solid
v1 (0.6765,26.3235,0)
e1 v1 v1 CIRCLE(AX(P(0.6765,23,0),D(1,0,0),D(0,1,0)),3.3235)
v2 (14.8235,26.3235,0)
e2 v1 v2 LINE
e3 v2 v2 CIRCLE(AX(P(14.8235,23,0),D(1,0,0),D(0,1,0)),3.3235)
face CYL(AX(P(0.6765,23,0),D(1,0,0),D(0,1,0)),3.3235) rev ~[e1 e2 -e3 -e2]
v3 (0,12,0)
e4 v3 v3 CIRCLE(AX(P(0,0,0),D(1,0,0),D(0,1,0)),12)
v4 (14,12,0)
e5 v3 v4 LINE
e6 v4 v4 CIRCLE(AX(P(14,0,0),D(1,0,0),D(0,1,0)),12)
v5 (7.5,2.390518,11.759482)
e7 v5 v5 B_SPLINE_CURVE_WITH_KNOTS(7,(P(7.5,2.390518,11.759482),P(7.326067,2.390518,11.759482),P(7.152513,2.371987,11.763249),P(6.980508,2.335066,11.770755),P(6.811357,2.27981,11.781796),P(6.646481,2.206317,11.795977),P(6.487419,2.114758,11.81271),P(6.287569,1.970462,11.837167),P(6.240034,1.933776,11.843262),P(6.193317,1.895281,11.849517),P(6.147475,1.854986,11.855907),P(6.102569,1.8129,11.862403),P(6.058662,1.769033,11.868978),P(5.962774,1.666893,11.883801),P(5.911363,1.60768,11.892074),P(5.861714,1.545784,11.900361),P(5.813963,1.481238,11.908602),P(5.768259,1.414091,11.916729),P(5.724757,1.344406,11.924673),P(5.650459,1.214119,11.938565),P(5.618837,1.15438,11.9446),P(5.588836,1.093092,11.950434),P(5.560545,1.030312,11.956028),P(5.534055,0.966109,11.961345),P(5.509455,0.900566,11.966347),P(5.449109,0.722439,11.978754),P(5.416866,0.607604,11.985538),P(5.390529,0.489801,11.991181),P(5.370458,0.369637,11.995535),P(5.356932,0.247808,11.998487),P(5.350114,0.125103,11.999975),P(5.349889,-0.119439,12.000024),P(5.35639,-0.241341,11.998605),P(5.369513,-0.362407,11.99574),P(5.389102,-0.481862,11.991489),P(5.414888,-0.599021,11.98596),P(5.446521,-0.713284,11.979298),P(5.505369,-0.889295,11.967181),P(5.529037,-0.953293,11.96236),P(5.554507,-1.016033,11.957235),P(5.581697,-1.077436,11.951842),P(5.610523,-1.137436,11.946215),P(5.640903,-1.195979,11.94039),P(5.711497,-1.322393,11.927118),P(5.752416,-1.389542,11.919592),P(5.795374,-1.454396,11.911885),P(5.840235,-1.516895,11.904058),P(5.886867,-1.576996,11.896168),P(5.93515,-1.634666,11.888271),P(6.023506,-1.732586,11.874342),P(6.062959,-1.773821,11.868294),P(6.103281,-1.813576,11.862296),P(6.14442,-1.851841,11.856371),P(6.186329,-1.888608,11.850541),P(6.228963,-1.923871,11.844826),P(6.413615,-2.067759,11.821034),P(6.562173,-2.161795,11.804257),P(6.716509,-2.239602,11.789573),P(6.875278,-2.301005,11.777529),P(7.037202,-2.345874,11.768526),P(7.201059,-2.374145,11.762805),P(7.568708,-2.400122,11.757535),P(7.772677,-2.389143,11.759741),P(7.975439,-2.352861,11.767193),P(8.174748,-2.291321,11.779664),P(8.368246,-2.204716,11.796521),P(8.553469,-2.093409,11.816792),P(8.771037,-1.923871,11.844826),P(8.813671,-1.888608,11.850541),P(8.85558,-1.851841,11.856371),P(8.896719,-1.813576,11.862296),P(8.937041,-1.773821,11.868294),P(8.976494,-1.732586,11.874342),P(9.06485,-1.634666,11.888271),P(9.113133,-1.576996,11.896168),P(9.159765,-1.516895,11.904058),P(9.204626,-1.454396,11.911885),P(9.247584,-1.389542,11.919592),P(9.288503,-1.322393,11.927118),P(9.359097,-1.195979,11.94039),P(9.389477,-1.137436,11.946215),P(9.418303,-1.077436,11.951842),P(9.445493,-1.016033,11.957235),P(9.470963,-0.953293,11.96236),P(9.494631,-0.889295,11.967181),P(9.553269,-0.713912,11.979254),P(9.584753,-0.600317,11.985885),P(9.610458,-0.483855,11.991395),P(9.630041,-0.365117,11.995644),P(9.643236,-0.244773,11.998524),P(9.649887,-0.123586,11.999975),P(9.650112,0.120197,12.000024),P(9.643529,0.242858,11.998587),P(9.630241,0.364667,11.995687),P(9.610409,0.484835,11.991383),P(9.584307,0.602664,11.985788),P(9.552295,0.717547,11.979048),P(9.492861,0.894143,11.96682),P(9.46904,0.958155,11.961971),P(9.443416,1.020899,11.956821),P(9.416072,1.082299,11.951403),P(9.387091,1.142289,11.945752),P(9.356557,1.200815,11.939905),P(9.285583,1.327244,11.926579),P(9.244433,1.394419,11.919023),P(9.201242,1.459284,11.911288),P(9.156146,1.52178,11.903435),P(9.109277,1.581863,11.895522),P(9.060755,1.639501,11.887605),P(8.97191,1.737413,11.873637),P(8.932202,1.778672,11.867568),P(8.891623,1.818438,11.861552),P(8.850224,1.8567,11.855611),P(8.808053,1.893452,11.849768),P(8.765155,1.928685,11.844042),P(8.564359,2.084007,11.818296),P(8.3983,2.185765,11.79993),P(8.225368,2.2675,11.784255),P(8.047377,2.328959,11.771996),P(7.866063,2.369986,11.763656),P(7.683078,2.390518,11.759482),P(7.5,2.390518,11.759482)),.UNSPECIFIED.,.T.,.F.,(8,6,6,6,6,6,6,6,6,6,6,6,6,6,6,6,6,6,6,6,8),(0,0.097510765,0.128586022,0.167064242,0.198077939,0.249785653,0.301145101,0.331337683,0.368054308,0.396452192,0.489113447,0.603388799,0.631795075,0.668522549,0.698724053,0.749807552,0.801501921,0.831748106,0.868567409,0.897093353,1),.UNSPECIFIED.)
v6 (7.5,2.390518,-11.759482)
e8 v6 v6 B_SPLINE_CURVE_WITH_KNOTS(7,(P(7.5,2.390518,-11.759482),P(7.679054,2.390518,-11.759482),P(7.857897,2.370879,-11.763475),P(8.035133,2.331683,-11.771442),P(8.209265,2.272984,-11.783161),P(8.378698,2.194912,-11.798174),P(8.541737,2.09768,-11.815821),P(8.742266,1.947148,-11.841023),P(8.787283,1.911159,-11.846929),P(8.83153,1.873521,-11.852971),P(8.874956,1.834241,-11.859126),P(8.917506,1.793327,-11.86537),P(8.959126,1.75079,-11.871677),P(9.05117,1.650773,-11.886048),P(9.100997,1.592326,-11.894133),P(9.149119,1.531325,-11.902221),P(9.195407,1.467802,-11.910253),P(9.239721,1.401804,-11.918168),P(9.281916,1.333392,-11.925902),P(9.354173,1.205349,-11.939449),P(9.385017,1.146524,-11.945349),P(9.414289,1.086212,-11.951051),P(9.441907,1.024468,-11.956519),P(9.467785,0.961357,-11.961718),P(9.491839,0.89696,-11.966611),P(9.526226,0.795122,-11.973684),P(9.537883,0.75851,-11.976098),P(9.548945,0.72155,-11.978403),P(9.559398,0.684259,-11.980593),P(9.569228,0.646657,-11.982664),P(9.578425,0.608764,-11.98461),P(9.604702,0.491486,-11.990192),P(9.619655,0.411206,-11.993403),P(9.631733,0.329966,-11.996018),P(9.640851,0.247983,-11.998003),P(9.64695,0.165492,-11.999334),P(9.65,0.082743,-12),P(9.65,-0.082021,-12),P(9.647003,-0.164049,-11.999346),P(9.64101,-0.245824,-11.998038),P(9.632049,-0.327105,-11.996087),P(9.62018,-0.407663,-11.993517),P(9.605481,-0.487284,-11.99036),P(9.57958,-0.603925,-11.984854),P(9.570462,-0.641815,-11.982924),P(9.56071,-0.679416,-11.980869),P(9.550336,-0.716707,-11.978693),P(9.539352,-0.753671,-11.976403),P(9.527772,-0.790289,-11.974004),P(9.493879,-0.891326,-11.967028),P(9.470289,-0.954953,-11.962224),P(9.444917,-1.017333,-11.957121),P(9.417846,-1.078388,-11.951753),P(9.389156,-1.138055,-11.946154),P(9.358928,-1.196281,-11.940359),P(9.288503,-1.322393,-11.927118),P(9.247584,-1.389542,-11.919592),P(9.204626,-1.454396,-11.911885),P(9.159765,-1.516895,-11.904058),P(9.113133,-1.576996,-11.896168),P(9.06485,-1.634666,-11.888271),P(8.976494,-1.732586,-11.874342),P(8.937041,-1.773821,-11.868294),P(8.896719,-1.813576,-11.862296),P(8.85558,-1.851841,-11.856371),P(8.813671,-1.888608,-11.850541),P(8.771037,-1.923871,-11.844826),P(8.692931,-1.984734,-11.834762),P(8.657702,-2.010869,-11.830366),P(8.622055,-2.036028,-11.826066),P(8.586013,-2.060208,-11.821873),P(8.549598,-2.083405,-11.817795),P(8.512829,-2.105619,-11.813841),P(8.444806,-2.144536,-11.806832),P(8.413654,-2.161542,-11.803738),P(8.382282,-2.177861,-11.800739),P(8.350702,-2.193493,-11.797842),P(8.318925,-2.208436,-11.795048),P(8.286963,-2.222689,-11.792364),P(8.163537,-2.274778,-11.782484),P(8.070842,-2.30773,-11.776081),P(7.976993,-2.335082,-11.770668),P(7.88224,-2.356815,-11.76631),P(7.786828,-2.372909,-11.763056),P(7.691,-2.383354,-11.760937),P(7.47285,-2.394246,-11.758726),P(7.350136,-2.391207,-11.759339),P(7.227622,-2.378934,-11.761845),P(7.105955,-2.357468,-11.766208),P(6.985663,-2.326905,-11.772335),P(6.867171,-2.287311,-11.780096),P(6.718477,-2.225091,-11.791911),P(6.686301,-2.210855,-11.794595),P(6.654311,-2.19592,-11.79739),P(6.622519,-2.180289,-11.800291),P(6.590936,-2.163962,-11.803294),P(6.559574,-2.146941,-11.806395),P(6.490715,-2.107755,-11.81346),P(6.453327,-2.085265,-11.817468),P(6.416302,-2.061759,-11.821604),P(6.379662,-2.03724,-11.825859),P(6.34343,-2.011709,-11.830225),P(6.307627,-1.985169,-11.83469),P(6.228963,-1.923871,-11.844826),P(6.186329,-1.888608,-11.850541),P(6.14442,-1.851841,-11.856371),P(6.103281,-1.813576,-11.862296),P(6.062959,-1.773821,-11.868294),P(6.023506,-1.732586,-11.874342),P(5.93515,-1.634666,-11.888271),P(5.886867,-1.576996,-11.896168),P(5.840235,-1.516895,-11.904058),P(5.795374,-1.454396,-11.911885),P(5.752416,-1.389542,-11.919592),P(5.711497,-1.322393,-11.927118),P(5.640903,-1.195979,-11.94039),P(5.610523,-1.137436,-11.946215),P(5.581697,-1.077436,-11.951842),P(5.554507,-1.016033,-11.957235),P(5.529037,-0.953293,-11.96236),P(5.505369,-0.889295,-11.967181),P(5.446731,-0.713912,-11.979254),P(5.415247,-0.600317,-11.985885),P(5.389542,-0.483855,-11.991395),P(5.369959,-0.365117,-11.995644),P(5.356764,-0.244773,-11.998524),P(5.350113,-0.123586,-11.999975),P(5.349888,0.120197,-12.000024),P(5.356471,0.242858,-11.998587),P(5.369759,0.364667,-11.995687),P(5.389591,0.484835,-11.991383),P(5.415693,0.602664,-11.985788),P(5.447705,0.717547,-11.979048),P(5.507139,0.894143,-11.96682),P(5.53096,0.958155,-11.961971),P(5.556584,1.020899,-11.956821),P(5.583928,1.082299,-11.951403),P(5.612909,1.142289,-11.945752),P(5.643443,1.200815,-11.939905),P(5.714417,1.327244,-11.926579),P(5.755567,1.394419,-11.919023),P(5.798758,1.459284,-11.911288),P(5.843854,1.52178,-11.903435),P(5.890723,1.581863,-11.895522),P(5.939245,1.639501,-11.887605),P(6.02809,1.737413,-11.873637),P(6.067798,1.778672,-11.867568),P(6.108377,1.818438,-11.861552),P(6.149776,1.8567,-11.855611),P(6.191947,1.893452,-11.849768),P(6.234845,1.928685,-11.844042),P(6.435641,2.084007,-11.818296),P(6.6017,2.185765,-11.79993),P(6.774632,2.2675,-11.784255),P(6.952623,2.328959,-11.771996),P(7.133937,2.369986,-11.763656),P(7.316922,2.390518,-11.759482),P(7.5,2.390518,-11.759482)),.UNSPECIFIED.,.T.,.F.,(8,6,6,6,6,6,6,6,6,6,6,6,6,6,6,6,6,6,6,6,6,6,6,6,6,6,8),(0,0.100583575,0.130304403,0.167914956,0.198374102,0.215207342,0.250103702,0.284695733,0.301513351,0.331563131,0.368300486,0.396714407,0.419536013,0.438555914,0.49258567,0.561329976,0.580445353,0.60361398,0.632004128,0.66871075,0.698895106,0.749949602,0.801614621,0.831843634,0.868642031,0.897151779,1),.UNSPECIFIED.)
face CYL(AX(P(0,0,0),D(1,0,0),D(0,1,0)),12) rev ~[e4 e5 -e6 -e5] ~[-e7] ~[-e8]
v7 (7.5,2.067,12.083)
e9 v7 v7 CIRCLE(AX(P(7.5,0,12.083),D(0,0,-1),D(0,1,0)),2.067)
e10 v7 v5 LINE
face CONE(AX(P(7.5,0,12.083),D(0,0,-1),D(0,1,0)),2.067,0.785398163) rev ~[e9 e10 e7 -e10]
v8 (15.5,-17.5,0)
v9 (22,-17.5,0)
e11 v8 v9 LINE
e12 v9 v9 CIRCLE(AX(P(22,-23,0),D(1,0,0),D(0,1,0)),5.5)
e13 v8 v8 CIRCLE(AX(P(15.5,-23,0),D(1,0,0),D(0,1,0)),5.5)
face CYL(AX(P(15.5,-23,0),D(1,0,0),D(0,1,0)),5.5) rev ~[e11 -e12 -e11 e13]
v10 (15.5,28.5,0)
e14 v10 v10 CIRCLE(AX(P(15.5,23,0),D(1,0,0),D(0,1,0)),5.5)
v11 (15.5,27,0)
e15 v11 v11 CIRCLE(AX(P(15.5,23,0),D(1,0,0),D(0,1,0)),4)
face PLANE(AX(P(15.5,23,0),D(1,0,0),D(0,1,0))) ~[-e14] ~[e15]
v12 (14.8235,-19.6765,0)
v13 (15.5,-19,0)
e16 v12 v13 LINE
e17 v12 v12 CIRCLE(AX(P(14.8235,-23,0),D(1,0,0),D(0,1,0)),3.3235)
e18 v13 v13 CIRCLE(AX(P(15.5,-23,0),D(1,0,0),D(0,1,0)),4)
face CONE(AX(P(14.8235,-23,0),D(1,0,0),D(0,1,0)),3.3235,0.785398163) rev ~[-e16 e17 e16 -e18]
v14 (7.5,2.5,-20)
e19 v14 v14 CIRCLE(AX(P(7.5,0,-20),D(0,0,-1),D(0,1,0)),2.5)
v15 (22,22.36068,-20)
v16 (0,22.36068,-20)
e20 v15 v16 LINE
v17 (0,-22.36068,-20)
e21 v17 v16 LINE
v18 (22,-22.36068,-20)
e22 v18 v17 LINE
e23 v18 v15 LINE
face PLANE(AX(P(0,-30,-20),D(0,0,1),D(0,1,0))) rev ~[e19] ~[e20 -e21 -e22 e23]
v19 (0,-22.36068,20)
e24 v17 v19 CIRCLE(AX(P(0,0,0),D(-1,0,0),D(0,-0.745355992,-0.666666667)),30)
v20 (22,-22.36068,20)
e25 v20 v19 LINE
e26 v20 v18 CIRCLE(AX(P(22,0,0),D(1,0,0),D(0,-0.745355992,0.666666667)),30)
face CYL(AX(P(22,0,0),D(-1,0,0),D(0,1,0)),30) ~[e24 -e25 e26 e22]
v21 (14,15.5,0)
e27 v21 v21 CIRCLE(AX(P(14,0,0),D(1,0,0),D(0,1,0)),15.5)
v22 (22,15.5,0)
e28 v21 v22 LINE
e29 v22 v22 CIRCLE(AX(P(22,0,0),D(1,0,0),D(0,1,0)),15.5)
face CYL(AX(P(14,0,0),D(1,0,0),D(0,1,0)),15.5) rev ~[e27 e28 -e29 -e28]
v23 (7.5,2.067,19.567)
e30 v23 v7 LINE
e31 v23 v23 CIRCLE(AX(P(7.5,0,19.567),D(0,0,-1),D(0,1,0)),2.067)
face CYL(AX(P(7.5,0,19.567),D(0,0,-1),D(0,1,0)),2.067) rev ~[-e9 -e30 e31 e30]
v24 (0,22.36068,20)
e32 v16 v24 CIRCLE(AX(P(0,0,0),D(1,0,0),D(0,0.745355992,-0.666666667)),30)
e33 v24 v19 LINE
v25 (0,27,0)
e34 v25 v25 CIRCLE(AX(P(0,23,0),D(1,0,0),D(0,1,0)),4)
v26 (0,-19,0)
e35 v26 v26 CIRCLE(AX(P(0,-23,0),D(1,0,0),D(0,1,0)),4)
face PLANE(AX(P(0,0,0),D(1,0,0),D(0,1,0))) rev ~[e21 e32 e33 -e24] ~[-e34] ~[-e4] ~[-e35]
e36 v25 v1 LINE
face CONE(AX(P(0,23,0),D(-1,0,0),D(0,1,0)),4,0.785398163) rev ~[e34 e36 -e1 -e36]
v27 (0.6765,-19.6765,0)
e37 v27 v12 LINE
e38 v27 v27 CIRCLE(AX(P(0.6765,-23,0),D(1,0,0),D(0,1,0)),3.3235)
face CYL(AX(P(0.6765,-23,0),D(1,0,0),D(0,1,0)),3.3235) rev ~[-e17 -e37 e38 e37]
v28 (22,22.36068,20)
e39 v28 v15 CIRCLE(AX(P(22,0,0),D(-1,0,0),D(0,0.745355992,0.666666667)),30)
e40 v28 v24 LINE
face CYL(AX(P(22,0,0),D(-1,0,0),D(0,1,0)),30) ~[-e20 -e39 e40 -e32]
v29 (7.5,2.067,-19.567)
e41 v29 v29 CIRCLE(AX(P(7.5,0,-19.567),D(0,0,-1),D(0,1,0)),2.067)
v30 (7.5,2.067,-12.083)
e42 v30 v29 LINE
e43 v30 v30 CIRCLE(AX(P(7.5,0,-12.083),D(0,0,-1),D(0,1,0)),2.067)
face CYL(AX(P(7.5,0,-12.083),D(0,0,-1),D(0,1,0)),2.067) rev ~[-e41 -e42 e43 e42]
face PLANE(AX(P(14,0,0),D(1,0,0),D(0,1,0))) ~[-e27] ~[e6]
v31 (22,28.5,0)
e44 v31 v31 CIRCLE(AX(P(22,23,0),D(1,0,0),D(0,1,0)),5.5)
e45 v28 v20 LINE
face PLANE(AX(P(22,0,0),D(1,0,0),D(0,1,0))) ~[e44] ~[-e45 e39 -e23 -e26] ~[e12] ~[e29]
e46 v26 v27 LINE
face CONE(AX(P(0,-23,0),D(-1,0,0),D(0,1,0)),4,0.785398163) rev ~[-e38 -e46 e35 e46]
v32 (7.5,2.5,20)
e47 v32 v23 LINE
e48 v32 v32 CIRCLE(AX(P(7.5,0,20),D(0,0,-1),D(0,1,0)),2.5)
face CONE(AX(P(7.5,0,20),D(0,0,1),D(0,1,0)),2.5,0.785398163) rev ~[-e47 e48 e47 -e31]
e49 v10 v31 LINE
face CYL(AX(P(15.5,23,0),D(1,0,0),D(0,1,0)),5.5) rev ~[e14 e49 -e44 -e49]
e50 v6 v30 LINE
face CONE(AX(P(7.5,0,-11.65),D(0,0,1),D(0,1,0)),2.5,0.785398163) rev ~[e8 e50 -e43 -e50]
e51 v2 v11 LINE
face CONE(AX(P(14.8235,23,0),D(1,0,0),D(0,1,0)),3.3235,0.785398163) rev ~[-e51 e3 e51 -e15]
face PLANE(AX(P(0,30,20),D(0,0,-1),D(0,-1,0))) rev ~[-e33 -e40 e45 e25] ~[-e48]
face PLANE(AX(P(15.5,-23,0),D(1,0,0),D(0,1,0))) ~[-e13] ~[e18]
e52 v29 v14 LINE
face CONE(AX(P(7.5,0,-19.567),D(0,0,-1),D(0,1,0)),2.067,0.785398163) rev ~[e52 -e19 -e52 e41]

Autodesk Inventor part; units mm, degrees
sketch "Sketch_1" plane through (0, 0, 0) normal (0, 0, 1) x (1, 0, 0)
  line L0 (22, 0) -> (0, 0)
  line L1 (0, 30) -> (0, 12)
  line L2 (0, 12) -> (14, 12)
  line L3 (14, 12) -> (14, 15.5)
  line L4 (14, 15.5) -> (22, 15.5)
  line L5 (22, 15.5) -> (22, 30)
  line L6 (22, 30) -> (0, 30)
revolve "Revolution1" add sketch "Sketch_1" angle 360 about axis through (22, 0, 0) along (1, 0, 0)
sketch "Sketch_2" plane through (0, 0, 0) normal (1, 0, 0) x (0, 1, 0)
  line L0 (-120, 80) -> (-120, -80)
  line L1 (-120, -80) -> (120, -80)
  line L2 (120, -80) -> (120, 80)
  line L3 (120, 80) -> (-120, 80)
  line L4 (-30, 20) -> (-30, -20)
  line L5 (-30, -20) -> (30, -20)
  line L6 (30, -20) -> (30, 20)
  line L7 (30, 20) -> (-30, 20)
extrude "Extrusion1" cut sketch "Sketch_2" along normal blind 24
sketch "Sketch_3" plane through (0, 0, 0) normal (0, 0, 1) x (1, 0, 0)
  line L0 (22, 23) -> (0, 23)
  line L1 (0, 23) -> (0, 27)
  line L2 (0, 27) -> (0.6765, 26.3235)
  line L3 (0.6765, 26.3235) -> (14.8235, 26.3235)
  line L4 (14.8235, 26.3235) -> (15.5, 27)
  line L5 (15.5, 27) -> (15.5, 28.5)
  line L6 (15.5, 28.5) -> (22, 28.5)
  line L7 (22, 28.5) -> (22, 23)
  line L8 (22, 23) -> (0, 23)
revolve "Revolution2" cut sketch "Sketch_3" angle 360 about axis through (22, 23, 0) along (1, 0, 0)
thread "Thread1" size "M8x1.25" class "6H" standard "ISO Metric profile" full length
pattern_linear "Rectangular Pattern1" count 2 spacing 46 along (0, -1, 0) of "Revolution2"
sketch "Sketch_4" plane through (7.5, 0, 0) normal (1, 0, 0) x (0, 0, -1)
  line L0 (-11.65, 0) -> (-20, 0)
  line L1 (-20, 0) -> (-20, 2.5)
  line L2 (-20, 2.5) -> (-19.567, 2.067)
  line L3 (-19.567, 2.067) -> (-12.083, 2.067)
  line L4 (-12.083, 2.067) -> (-11.65, 2.5)
  line L5 (-11.65, 2.5) -> (-11.65, 0)
  line L6 (-11.65, 0) -> (-20, 0)
revolve "Revolution3" cut sketch "Sketch_4" angle 360 about axis through (7.5, 0, 11.65) along (0, 0, -1)
thread "Thread2" size "M5x0.8" class "6H" standard "ISO Metric profile" full length
sketch "Sketch_6" plane through (7.5, 0, 0) normal (1, 0, 0) x (0, 0, -1)
  line L0 (20, 0) -> (11.65, 0)
  line L1 (11.65, 0) -> (11.65, 2.5)
  line L2 (11.65, 2.5) -> (12.083, 2.067)
  line L3 (12.083, 2.067) -> (19.567, 2.067)
  line L4 (19.567, 2.067) -> (20, 2.5)
  line L5 (20, 2.5) -> (20, 0)
  line L6 (20, 0) -> (11.65, 0)
revolve "Revolution4" cut sketch "Sketch_6" angle 360 about axis through (7.5, 0, -20) along (0, 0, -1)
thread "Thread3" size "M5x0.8" class "6H" standard "ISO Metric profile" full length
ref_plane "to_bearings_XY" through (14, 0, 0) normal (1, 0, 0) x (0, 0, -1)
ref_plane "to_bearings_YZ" through (14, 0, 0) normal (0, 0, -1) x (0, 1, 0)
ref_plane "to_bearings_ZX" through (14, 0, 0) normal (0, 1, 0) x (1, 0, 0)
ref_plane "to_screw1_XY" through (7.5, 0, 12) normal (0, 0, 1) x (1, 0, 0)
ref_plane "to_screw1_YZ" through (7.5, 0, 12) normal (1, 0, 0) x (0, 1, 0)
ref_plane "to_screw1_ZX" through (7.5, 0, 12) normal (0, 1, 0) x (0, 0, 1)
ref_plane "to_screw2_XY" through (7.5, 0, -12) normal (0, 0, -1) x (1, 0, 0)
ref_plane "to_screw2_YZ" through (7.5, 0, -12) normal (1, 0, 0) x (0, -1, 0)
ref_plane "to_screw2_ZX" through (7.5, 0, -12) normal (0, -1, 0) x (0, 0, -1)
properties part number "BGCSB12_h"
